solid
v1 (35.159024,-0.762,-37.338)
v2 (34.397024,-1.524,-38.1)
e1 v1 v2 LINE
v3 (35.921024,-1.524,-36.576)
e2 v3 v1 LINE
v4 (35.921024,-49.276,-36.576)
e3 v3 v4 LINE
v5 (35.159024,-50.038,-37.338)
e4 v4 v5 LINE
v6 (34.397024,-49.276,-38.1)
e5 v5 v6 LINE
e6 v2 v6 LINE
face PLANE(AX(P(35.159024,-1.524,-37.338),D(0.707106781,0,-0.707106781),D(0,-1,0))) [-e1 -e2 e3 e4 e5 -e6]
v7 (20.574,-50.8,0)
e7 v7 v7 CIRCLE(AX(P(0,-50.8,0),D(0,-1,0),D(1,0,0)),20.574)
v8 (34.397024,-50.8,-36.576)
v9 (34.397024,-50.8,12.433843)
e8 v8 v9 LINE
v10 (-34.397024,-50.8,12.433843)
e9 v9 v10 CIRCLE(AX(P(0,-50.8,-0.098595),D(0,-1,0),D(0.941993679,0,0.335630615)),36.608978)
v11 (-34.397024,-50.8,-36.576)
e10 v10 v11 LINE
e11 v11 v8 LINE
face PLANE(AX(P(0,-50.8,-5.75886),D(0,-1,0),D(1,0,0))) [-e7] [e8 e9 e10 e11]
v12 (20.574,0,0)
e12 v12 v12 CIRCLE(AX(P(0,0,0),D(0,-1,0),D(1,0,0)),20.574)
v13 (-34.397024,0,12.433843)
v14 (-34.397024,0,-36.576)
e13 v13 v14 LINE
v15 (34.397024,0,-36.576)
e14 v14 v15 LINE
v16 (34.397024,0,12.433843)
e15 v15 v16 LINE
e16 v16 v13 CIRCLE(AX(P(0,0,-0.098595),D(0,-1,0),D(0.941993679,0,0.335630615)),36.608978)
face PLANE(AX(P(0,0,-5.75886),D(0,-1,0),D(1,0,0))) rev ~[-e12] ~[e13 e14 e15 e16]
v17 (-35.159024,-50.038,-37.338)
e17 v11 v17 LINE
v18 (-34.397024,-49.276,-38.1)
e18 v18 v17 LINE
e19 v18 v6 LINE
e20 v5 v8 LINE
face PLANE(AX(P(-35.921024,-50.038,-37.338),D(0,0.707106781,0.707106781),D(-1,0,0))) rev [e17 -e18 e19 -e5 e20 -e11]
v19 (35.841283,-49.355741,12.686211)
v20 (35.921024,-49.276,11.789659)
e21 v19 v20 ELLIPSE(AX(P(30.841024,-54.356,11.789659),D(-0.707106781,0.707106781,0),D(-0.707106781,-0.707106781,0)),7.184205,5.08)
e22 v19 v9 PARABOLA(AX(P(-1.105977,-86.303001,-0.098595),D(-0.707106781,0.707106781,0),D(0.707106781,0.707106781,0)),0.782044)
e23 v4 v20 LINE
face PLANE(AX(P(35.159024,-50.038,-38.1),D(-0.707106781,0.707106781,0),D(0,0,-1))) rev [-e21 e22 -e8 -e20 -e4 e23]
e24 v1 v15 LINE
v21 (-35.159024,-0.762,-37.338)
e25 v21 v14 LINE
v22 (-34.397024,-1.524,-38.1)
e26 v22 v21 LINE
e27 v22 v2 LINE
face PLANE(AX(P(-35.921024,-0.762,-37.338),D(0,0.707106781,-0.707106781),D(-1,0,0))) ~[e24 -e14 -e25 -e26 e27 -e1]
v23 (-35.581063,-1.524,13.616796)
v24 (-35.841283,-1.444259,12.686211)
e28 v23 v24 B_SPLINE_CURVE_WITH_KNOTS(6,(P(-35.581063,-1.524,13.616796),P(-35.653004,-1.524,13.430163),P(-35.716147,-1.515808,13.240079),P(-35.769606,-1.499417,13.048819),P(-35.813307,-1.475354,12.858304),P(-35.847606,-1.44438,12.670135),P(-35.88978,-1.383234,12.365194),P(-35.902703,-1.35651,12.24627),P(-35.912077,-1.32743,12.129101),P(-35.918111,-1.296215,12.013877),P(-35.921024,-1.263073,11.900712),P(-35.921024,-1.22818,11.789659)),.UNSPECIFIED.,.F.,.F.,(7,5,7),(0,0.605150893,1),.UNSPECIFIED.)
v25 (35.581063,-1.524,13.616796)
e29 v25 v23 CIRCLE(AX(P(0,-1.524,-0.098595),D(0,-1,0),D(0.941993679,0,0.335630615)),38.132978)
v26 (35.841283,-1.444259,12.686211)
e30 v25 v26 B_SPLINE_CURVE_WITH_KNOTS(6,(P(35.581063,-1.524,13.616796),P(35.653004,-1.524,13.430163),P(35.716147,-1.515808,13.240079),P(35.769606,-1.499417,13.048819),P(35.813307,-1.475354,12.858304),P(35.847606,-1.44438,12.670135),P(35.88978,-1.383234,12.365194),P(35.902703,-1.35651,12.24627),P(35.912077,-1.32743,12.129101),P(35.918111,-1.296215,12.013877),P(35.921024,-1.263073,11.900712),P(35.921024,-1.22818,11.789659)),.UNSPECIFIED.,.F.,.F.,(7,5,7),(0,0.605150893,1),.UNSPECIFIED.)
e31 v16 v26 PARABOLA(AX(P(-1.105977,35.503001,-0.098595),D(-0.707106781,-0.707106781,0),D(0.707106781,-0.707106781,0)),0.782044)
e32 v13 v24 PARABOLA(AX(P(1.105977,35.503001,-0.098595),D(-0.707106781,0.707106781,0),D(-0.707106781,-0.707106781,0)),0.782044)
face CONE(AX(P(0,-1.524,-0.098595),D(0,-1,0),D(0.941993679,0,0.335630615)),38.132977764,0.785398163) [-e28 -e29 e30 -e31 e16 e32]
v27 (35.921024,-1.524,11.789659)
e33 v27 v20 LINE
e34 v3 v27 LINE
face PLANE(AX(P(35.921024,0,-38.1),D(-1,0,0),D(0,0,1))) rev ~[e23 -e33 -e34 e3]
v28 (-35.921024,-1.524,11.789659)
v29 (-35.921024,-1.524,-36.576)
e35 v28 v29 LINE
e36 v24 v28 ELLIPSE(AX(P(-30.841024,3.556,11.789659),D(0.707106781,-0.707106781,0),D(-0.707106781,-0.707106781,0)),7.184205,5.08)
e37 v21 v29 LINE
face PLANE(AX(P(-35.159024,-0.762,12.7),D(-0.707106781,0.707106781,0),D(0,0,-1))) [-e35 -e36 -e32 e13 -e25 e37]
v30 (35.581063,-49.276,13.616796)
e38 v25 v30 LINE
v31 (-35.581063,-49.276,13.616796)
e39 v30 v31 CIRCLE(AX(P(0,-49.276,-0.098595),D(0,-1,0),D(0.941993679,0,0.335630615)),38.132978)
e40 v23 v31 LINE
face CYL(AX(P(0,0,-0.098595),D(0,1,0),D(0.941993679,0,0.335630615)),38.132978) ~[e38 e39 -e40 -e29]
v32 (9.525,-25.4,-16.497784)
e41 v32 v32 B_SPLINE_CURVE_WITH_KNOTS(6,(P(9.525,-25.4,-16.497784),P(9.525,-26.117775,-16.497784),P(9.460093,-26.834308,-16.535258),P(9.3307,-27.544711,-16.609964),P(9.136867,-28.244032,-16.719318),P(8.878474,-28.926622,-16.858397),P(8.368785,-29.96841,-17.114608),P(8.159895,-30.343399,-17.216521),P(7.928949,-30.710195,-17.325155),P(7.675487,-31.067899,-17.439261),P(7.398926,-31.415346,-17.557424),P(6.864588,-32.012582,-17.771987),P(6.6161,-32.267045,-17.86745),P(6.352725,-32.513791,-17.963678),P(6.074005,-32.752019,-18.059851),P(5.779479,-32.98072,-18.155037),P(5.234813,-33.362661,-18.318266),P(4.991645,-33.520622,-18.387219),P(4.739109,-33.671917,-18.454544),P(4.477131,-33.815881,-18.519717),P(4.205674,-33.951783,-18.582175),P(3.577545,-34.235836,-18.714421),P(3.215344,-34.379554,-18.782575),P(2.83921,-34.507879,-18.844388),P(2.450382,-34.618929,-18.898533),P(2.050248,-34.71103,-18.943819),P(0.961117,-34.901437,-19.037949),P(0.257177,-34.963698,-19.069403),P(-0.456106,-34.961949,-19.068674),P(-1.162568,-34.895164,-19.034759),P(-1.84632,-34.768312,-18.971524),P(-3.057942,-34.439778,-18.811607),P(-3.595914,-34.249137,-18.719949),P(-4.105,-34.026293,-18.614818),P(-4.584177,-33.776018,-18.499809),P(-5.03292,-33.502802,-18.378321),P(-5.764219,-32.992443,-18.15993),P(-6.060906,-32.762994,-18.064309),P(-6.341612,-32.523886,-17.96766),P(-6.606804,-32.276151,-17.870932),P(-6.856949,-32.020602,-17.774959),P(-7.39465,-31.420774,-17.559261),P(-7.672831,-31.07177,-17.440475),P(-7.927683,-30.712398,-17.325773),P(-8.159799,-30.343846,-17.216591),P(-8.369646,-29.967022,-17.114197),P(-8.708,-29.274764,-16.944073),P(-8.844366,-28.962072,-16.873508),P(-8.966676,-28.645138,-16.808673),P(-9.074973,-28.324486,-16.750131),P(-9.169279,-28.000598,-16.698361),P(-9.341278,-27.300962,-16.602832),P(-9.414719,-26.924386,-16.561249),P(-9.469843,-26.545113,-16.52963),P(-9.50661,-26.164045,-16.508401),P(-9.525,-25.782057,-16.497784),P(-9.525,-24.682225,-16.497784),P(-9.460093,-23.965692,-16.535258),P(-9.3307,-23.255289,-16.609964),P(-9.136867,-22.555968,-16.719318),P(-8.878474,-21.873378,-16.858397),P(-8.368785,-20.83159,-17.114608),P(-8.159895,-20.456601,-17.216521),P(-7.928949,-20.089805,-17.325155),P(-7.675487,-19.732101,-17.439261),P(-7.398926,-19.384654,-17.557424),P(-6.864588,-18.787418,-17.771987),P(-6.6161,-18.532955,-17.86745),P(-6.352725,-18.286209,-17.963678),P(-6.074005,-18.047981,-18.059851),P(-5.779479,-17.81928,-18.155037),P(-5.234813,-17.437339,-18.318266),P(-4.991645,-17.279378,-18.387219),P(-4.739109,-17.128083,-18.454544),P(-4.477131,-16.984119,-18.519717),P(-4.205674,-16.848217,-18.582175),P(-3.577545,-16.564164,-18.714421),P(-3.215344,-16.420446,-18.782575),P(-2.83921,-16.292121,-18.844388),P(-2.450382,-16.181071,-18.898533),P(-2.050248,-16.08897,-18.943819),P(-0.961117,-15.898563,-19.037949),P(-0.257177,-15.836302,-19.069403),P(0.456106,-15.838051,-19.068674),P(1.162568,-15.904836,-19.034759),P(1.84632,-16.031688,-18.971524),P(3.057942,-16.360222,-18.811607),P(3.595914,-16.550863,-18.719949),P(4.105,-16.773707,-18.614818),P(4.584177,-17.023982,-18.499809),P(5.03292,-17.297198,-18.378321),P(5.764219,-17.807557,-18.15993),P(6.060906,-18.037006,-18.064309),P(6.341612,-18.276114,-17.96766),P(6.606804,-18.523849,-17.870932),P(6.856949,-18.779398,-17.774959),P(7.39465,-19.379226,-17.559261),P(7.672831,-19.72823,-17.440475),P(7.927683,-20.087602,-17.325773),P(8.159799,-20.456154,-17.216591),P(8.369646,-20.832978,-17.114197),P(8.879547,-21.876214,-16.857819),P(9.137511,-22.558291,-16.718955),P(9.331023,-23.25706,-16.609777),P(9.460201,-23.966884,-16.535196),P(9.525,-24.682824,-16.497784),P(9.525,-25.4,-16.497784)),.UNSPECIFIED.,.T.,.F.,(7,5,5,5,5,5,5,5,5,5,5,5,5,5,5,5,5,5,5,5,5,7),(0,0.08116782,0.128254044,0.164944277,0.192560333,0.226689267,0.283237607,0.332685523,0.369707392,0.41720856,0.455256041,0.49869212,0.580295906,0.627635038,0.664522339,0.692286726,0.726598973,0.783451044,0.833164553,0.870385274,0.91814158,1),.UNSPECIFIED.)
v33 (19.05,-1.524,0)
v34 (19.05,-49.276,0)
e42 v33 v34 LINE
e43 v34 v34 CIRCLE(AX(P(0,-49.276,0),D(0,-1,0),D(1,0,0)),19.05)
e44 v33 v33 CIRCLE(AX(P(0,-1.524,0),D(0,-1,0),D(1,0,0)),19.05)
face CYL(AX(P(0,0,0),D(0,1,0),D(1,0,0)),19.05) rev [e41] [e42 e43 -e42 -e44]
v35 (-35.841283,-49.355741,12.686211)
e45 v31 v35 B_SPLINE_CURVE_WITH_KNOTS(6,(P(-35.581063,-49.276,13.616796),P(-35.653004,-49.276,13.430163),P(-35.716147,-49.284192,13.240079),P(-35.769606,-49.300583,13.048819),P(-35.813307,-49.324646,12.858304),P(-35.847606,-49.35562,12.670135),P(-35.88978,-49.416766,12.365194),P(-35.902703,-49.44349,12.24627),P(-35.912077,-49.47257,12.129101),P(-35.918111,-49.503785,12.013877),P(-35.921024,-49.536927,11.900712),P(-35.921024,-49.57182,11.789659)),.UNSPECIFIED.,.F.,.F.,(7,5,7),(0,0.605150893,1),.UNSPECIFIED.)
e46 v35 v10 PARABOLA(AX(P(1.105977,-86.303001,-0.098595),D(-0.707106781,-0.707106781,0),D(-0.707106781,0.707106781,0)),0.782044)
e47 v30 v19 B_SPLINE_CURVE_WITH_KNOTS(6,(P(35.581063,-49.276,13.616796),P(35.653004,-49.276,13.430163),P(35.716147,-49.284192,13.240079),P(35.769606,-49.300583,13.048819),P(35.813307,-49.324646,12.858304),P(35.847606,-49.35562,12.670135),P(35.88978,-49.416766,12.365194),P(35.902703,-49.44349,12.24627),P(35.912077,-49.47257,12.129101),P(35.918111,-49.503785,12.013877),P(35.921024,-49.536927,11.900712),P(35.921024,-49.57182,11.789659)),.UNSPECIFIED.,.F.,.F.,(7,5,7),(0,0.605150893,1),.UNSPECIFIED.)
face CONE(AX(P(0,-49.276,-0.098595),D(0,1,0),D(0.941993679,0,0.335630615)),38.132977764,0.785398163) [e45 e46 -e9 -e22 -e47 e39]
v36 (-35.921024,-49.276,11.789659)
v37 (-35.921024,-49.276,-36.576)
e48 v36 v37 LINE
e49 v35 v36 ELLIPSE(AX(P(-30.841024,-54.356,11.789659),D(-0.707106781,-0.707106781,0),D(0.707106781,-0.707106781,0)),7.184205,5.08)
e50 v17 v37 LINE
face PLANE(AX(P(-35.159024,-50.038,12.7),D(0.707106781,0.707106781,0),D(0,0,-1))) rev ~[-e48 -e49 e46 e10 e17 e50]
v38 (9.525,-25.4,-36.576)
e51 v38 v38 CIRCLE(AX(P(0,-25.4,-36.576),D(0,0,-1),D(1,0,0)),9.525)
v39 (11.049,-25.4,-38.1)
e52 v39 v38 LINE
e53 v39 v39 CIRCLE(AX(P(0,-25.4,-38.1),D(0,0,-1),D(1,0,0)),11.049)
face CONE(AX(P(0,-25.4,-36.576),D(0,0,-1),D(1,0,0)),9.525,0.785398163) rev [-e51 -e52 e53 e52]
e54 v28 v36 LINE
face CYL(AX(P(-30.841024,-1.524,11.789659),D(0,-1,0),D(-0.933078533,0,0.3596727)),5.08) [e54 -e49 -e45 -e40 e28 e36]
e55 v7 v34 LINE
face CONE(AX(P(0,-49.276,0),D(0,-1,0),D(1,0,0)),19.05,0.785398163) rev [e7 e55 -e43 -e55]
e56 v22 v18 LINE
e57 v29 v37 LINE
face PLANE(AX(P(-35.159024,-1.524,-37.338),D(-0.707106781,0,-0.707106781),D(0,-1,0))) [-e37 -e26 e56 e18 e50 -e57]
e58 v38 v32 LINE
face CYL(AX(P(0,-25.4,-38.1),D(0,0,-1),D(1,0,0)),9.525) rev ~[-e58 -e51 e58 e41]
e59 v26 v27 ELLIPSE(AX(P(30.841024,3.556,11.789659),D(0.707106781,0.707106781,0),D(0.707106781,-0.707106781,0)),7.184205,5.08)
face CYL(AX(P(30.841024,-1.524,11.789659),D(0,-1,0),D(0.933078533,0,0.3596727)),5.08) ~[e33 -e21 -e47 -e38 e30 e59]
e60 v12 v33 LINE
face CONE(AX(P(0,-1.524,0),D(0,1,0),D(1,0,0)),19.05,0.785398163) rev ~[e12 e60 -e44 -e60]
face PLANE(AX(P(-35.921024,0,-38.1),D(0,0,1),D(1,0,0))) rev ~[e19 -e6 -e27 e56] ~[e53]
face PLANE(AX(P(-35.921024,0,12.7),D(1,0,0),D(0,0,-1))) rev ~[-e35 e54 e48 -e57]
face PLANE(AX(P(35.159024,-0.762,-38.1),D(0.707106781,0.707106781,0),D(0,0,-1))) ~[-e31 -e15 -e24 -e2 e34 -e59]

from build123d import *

# Parameters (mm, degrees)
F0_R     = 19.05
F1_DEPTH = 50.8
F2_R     = 9.525
F3_DEPTH = 25.4
F4_SIZE  = 1.524
F5_SIZE  = 1.524
F6_SIZE  = 1.524
F7_R     = 5.08
F8_R     = 5.08


with BuildPart() as f1:
    # F0 (on Front) → F1 (new body)
    with BuildSketch(Plane.XZ):
        with BuildLine():
            Line((35.921024, -38.1), (35.921024, 12.7))
            ThreePointArc((35.921024, 12.7), (0, 38.034383), (-35.921024, 12.7))
            Line((-35.921024, 12.7), (-35.921024, -38.1))
            Line((-35.921024, -38.1), (35.921024, -38.1))
        make_face()
        Circle(F0_R, mode=Mode.SUBTRACT)
    extrude(amount=F1_DEPTH)

    # F2 (on face) → F3 (cut)
    with BuildSketch(Plane(origin=(0, 0, -38.1), x_dir=(1, 0, 0), z_dir=(0, 0, -1))):
        with Locations((0, 25.4)):
            Circle(F2_R)
    extrude(amount=-F3_DEPTH, mode=Mode.SUBTRACT)

    # F4
    f4_edges = [f1.edges().sort_by_distance(p)[0] for p in [
        (0, -50.8, 38.034383),
        (-35.921024, -50.8, -12.7),
        (0, -50.8, -38.1),
        (35.921024, -50.8, -12.7),
        (-19.05, -50.8, 0),
    ]]
    chamfer(f4_edges, length=F4_SIZE)

    # F5
    f5_edges = [f1.edges().sort_by_distance(p)[0] for p in [
        (0, 0, 38.034383),
        (35.921024, 0, -12.7),
        (0, 0, -38.1),
        (-35.921024, 0, -12.7),
        (-19.05, 0, 0),
    ]]
    chamfer(f5_edges, length=F5_SIZE)

    # F6
    f6_edges = [f1.edges().sort_by_distance(p)[0] for p in [
        (35.921024, -25.4, -38.1),
        (-35.921024, -25.4, -38.1),
        (-9.525, -25.4, -38.1),
    ]]
    chamfer(f6_edges, length=F6_SIZE)

    # F7
    f7_edges = [f1.edges().sort_by_distance(p)[0] for p in [
        (-35.921024, -25.4, 12.7),
    ]]
    fillet(f7_edges, radius=F7_R)

    # F8
    f8_edges = [f1.edges().sort_by_distance(p)[0] for p in [
        (35.921024, -25.4, 12.7),
    ]]
    fillet(f8_edges, radius=F8_R)


solid = f1.part
